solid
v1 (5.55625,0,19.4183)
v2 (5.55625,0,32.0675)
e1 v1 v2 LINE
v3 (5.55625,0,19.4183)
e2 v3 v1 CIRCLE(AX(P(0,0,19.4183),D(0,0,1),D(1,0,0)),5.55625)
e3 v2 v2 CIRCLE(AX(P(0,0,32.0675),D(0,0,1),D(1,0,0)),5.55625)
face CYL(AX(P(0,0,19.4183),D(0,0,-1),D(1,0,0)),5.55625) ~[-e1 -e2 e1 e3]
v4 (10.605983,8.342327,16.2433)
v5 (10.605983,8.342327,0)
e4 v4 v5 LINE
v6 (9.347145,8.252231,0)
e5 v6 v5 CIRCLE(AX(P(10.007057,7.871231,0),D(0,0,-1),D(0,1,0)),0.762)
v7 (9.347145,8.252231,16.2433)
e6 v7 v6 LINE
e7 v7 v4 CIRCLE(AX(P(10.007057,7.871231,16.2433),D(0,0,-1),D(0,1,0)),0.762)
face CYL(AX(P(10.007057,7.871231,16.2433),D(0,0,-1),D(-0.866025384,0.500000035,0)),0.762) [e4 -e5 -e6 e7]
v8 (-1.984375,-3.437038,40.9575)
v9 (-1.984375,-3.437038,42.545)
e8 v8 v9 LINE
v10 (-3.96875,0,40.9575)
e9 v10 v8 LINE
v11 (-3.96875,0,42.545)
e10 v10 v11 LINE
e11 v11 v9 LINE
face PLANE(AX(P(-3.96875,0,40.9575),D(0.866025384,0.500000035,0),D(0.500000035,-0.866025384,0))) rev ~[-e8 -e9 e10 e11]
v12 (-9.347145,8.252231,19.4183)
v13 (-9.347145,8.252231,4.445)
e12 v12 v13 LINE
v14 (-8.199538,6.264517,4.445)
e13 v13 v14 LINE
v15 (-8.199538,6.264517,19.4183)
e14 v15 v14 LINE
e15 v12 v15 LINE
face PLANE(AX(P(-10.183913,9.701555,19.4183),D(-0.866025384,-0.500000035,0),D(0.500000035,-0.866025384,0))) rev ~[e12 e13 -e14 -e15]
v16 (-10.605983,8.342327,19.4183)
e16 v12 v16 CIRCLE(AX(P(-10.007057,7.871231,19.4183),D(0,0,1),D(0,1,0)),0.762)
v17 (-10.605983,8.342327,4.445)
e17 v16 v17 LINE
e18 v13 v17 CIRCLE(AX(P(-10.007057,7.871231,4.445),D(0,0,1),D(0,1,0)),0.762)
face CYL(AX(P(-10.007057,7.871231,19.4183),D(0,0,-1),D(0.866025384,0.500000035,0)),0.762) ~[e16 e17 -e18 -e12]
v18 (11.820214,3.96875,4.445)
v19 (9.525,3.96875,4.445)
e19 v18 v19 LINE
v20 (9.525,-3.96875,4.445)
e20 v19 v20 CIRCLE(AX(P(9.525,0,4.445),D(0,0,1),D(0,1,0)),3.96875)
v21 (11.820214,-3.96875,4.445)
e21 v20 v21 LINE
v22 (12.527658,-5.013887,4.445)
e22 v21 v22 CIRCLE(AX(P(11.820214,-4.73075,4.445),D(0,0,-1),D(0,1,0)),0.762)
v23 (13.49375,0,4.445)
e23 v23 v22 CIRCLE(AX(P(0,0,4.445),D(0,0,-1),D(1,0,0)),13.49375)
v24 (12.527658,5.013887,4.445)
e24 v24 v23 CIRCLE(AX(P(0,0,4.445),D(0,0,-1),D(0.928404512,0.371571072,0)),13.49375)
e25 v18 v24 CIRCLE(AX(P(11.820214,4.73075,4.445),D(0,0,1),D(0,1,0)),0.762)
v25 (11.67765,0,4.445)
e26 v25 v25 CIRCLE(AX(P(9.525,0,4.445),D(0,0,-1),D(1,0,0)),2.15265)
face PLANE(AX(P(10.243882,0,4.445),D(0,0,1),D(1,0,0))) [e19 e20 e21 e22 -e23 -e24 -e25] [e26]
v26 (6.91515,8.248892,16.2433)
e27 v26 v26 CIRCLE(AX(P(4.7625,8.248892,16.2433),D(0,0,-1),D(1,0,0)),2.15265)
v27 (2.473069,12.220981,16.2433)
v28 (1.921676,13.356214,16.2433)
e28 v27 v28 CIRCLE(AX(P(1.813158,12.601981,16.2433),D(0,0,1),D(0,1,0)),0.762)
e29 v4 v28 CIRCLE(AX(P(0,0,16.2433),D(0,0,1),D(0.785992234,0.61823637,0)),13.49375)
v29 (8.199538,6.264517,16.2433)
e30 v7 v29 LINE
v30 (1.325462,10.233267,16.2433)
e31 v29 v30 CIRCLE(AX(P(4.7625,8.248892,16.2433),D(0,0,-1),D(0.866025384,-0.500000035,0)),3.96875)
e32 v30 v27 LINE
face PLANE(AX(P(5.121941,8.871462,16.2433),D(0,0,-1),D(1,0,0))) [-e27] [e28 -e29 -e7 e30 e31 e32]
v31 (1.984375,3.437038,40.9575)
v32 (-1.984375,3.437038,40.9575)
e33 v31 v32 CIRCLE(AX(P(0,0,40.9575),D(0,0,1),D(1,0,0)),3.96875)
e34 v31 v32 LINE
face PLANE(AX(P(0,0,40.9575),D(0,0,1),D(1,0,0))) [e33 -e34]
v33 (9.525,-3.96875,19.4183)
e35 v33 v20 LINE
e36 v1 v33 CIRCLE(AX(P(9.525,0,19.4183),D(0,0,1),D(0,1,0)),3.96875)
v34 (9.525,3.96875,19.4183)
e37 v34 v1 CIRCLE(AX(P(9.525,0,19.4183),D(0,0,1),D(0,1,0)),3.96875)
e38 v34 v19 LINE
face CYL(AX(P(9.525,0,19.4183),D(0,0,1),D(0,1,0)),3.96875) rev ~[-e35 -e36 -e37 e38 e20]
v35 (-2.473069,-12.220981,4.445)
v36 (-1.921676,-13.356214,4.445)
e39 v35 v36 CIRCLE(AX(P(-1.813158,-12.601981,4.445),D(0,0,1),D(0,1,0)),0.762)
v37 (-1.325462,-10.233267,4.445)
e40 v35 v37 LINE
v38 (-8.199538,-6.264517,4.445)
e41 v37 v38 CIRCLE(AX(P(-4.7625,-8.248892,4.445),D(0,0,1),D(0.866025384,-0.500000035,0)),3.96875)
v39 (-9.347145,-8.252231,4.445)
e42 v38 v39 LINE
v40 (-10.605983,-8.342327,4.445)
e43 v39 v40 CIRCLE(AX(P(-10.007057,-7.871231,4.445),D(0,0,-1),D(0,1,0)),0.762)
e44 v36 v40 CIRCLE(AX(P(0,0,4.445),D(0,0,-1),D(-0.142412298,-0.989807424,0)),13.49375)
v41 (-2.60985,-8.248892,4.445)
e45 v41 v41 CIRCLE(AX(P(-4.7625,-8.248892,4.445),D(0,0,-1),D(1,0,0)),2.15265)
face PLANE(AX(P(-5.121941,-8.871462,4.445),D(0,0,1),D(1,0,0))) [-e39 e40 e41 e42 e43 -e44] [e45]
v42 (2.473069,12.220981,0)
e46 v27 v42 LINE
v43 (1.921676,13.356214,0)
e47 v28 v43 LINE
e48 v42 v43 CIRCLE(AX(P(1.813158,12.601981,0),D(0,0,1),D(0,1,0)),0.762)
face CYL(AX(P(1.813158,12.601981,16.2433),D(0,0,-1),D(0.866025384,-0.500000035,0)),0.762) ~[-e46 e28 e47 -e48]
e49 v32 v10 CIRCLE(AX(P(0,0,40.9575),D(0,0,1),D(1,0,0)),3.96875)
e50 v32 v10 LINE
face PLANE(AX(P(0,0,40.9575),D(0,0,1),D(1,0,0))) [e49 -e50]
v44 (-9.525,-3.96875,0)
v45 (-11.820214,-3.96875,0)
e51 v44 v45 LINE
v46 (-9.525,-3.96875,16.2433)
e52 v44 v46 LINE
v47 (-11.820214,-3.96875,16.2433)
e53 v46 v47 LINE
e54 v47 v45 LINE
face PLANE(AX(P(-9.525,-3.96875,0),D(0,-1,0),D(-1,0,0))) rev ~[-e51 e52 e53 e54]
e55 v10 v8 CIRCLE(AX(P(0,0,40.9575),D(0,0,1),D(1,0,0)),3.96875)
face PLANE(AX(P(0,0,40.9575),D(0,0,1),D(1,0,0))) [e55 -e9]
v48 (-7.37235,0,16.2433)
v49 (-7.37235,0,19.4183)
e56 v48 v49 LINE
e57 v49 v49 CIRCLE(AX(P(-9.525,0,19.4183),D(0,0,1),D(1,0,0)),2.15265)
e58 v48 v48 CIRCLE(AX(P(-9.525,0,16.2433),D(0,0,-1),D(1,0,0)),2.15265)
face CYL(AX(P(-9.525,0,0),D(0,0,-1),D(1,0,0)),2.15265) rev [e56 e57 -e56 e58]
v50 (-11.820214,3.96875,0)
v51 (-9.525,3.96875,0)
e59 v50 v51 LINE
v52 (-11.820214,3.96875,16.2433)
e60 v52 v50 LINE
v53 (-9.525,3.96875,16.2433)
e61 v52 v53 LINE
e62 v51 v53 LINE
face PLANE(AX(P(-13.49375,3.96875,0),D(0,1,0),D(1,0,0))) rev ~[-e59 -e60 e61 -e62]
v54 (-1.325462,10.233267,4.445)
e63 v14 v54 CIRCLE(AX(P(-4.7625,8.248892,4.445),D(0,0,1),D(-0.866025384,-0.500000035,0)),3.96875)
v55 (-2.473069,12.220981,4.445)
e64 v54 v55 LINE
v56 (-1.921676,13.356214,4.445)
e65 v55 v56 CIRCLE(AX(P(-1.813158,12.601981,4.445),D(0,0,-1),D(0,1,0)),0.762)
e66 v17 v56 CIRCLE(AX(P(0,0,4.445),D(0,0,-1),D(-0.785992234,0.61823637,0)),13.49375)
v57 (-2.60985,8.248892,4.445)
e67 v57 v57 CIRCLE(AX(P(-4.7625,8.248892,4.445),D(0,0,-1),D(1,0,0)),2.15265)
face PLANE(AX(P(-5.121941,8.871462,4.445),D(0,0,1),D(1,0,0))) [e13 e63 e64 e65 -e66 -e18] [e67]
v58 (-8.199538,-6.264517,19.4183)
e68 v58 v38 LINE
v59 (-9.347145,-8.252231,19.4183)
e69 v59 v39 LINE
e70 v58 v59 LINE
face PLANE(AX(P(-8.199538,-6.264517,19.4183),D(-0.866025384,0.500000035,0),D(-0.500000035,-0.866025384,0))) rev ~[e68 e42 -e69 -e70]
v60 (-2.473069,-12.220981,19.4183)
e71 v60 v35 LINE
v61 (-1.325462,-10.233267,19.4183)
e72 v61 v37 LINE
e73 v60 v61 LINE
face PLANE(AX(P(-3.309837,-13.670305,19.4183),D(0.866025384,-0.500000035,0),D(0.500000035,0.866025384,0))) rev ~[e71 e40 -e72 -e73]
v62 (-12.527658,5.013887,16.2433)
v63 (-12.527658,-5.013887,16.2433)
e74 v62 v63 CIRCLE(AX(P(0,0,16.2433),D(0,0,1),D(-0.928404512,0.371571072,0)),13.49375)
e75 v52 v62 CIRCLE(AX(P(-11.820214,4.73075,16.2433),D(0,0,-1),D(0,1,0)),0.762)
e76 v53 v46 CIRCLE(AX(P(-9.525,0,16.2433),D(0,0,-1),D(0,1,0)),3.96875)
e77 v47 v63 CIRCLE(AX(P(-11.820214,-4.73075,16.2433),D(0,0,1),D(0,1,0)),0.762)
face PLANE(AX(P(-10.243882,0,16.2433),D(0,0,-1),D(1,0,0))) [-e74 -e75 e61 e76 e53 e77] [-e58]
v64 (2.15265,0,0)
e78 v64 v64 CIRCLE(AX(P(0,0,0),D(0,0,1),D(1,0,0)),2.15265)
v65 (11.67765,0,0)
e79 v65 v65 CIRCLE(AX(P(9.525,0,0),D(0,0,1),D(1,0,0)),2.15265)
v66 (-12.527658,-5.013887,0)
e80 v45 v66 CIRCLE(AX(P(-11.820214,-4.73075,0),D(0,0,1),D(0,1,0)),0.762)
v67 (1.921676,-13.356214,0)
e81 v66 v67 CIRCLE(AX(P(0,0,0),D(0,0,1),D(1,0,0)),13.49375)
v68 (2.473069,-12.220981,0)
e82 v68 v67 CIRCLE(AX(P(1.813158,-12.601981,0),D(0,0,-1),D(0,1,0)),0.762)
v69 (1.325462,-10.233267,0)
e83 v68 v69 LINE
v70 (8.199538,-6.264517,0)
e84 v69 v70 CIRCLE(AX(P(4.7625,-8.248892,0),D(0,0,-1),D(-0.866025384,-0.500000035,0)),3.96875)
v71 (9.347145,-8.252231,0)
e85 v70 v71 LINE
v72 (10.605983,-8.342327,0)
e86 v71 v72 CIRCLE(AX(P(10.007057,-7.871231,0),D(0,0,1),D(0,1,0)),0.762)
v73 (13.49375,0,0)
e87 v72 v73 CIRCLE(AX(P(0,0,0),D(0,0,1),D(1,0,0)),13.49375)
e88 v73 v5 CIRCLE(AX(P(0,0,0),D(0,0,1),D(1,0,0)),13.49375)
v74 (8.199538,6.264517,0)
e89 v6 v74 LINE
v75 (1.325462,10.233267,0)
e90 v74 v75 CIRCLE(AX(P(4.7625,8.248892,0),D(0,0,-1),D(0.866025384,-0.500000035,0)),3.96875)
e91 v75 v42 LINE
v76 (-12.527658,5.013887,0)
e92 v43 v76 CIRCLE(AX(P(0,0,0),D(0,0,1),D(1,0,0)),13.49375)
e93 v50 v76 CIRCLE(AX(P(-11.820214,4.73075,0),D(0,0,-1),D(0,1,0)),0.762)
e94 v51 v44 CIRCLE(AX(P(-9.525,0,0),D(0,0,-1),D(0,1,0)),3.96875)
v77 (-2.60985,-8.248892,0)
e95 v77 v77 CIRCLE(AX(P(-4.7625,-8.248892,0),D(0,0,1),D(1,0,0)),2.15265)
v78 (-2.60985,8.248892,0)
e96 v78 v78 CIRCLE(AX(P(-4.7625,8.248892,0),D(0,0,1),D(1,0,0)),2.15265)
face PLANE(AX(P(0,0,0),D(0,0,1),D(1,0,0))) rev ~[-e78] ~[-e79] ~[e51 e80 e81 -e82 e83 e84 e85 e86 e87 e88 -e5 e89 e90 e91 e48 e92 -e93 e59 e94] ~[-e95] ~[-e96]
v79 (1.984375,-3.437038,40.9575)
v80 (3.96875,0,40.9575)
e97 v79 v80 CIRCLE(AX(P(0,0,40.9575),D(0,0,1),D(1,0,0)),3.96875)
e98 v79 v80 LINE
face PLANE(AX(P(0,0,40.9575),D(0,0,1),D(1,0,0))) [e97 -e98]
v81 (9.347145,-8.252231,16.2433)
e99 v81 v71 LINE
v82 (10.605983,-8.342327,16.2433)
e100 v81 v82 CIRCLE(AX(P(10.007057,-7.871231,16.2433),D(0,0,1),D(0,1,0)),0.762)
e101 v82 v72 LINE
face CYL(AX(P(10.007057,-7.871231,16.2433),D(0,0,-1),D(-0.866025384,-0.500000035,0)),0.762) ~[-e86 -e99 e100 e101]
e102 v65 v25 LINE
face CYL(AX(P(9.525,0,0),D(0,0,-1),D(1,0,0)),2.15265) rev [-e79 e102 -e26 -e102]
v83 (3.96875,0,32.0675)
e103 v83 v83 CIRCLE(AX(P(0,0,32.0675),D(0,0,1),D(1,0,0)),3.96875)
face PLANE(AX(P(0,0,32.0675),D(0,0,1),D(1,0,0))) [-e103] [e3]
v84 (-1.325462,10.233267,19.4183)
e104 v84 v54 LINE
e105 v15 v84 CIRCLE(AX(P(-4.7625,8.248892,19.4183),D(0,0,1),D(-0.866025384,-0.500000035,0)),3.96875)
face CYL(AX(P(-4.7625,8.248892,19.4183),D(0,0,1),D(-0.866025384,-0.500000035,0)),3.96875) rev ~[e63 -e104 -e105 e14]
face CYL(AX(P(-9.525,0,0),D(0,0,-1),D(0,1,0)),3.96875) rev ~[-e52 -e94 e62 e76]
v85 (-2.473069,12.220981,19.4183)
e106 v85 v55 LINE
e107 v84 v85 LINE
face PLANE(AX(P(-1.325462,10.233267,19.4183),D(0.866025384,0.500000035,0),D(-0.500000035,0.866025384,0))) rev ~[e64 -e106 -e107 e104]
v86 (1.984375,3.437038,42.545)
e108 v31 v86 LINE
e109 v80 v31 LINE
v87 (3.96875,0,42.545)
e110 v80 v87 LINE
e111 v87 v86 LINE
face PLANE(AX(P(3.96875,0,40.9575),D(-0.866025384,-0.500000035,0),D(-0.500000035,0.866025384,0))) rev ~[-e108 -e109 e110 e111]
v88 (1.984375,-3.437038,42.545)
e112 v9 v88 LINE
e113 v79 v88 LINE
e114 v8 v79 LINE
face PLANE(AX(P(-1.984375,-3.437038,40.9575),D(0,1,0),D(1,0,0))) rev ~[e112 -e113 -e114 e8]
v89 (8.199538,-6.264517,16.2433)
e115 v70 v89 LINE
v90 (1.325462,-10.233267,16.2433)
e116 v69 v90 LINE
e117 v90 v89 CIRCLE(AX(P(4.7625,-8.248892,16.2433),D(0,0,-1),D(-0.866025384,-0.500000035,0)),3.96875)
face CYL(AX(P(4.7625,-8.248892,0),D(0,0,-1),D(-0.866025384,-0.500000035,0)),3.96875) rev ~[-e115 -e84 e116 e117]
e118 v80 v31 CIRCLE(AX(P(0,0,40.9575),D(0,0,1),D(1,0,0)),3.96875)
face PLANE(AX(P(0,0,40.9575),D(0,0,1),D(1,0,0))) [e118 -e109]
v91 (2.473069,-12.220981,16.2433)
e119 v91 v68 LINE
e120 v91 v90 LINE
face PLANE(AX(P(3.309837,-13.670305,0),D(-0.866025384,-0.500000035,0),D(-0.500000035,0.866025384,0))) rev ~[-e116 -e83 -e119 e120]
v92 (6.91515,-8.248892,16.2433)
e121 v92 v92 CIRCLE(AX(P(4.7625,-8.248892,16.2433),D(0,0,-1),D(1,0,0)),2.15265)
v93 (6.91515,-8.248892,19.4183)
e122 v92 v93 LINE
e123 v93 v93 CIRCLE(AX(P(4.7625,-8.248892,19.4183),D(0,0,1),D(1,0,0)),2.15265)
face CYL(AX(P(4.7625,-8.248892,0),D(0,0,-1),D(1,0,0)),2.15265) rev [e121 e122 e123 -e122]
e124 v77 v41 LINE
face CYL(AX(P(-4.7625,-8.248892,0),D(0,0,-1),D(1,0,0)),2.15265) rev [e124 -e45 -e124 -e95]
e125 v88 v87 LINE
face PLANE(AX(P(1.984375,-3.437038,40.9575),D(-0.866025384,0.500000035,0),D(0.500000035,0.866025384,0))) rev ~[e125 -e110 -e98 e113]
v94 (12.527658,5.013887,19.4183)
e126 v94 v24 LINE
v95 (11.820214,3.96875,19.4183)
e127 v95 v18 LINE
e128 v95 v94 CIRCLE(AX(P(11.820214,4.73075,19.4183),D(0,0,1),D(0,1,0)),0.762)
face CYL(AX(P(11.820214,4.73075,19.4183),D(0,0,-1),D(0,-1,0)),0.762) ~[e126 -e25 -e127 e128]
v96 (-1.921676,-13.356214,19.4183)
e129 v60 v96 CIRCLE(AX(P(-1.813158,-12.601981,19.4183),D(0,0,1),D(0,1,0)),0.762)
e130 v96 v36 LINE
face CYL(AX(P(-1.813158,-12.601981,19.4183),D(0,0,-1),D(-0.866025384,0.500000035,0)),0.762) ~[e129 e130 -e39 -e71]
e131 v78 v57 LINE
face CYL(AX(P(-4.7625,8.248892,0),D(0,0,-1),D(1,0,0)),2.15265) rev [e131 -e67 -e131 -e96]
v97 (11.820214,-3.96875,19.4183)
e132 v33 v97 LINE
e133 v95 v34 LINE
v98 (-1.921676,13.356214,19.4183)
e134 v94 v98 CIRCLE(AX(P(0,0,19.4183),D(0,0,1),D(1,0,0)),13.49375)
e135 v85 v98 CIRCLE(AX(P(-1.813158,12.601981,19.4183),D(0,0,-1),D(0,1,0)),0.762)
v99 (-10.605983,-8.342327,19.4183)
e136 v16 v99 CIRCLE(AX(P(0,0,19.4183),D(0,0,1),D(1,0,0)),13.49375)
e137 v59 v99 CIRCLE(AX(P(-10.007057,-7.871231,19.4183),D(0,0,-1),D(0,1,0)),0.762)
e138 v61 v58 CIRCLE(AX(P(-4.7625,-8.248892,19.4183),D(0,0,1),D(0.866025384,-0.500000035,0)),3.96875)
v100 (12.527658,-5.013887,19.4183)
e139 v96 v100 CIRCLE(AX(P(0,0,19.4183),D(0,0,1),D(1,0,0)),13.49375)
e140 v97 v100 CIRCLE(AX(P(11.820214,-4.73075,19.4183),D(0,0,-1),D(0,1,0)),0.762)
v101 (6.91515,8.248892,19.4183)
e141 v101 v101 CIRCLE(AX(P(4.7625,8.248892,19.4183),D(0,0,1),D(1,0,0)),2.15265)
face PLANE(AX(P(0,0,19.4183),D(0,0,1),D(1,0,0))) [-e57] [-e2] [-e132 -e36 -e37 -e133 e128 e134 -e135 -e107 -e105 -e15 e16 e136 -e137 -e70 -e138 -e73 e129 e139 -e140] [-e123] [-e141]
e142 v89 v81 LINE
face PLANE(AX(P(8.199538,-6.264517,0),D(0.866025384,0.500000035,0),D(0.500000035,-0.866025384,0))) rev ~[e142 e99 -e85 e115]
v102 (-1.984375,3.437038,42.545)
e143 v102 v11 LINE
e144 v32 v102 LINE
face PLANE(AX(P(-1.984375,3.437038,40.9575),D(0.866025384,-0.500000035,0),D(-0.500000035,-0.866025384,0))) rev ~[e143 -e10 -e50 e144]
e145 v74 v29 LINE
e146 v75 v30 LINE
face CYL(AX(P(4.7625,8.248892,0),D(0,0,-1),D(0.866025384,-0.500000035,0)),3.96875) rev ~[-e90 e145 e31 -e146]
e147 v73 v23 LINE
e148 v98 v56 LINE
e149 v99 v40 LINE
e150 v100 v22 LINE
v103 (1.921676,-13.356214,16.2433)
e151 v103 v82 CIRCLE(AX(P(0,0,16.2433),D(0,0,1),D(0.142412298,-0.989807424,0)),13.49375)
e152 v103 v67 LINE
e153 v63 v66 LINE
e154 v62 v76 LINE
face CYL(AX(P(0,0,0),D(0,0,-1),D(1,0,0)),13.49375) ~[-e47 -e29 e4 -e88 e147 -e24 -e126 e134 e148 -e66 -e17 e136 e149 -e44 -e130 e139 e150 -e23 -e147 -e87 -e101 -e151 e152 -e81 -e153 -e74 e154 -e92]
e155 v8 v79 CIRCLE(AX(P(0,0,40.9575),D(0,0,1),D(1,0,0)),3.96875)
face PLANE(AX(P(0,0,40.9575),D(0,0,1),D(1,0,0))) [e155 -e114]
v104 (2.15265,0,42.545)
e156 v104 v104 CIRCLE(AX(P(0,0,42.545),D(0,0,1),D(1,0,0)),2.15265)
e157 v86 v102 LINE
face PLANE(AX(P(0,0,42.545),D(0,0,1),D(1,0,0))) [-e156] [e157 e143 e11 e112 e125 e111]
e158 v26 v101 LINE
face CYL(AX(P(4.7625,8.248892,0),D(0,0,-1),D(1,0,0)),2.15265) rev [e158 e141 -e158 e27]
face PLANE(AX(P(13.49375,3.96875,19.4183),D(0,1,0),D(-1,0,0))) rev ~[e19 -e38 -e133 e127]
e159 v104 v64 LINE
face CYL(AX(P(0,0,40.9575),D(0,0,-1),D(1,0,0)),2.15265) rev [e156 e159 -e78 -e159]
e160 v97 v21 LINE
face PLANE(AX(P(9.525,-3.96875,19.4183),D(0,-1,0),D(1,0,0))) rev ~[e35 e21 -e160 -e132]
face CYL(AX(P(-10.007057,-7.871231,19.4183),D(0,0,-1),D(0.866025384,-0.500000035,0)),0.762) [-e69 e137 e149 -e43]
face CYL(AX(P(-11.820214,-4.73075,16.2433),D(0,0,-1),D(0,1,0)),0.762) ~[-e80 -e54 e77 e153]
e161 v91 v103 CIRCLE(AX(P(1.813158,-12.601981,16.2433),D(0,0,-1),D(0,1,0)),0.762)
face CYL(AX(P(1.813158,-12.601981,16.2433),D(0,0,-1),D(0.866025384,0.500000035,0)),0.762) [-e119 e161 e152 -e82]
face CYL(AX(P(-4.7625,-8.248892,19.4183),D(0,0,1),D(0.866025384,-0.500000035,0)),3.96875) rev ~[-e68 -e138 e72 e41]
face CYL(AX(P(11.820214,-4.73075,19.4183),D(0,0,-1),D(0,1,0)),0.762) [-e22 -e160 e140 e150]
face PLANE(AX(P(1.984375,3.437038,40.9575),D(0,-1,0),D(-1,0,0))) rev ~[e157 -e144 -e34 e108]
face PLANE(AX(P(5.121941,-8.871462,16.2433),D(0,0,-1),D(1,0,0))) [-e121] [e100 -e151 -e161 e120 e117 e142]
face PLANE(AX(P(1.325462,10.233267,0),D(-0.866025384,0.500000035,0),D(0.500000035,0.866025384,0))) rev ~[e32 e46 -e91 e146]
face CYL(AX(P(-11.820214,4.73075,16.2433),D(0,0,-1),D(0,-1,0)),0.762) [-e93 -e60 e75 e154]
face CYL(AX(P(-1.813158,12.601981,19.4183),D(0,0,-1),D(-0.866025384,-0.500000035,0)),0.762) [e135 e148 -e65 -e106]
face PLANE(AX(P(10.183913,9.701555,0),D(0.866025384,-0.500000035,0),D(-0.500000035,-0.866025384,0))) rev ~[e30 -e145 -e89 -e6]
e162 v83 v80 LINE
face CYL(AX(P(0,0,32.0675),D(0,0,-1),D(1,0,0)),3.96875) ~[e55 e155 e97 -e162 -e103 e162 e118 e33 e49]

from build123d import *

# Parameters (mm, degrees)
F0_R      = 13.49375
F0_R_2    = 2.15265
F1_DEPTH  = 19.4183
F5_DEPTH  = 14.9733
F7_DEPTH  = 16.2433
F8_R      = 5.55625
F8_R_2    = 2.15265
F9_DEPTH  = 12.6492
F10_R     = 3.96875
F10_R_2   = 2.15265
F11_DEPTH = 8.89
F12_R     = 2.15265
F13_DEPTH = 1.5875
F14_R     = 0.762


with BuildPart() as f1:
    # F0 (on Top) → F1 (new body)
    with BuildSketch(Plane.XY):
        Circle(F0_R)
        with Locations((-4.7625, -8.248892)):
            Circle(F0_R_2, mode=Mode.SUBTRACT)
        with Locations((4.7625, -8.248892)):
            Circle(F0_R_2, mode=Mode.SUBTRACT)
        with Locations((-9.525, 0)):
            Circle(F0_R_2, mode=Mode.SUBTRACT)
        with Locations((-4.7625, 8.248892)):
            Circle(F0_R_2, mode=Mode.SUBTRACT)
        Circle(F0_R_2, mode=Mode.SUBTRACT)
        with Locations((9.525, 0)):
            Circle(F0_R_2, mode=Mode.SUBTRACT)
        with Locations((4.7625, 8.248892)):
            Circle(F0_R_2, mode=Mode.SUBTRACT)
    extrude(amount=F1_DEPTH)

    # F4 (on face) → F5 (cut, through all)
    with BuildSketch(Plane.XY.offset(19.4183)):
        with BuildLine():
            Line((-3.309837, 13.670305), (-10.183913, 9.701555))
            Line((-10.183913, 9.701555), (-8.199538, 6.264517))
            ThreePointArc((-8.199538, 6.264517), (-2.778125, 4.811854), (-1.325462, 10.233267))
            Line((-1.325462, 10.233267), (-3.309837, 13.670305))
        make_face()
        with BuildLine():
            Line((13.49375, 3.96875), (9.525, 3.96875))
            ThreePointArc((9.525, 3.96875), (5.55625, 0), (9.525, -3.96875))
            Line((9.525, -3.96875), (13.49375, -3.96875))
            Line((13.49375, -3.96875), (13.49375, 3.96875))
        make_face()
        with BuildLine():
            Line((-8.199538, -6.264517), (-10.183913, -9.701555))
            Line((-10.183913, -9.701555), (-3.309837, -13.670305))
            Line((-3.309837, -13.670305), (-1.325462, -10.233267))
            ThreePointArc((-1.325462, -10.233267), (-2.778125, -4.811854), (-8.199538, -6.264517))
        make_face()
    extrude(amount=-F5_DEPTH, mode=Mode.SUBTRACT)

    # F6 (on face) → F7 (cut, through all)
    with BuildSketch(Plane(origin=(0, 0, 0), x_dir=(1, 0, 0), z_dir=(0, 0, -1))):
        with BuildLine():
            Line((1.325462, -10.233267), (3.309837, -13.670305))
            Line((3.309837, -13.670305), (10.183913, -9.701555))
            Line((10.183913, -9.701555), (8.199538, -6.264517))
            ThreePointArc((8.199538, -6.264517), (2.778125, -4.811854), (1.325462, -10.233267))
        make_face()
        with BuildLine():
            Line((10.183913, 9.701555), (3.309837, 13.670305))
            Line((3.309837, 13.670305), (1.325462, 10.233267))
            ThreePointArc((1.325462, 10.233267), (2.778125, 4.811854), (8.199538, 6.264517))
            Line((8.199538, 6.264517), (10.183913, 9.701555))
        make_face()
        with BuildLine():
            Line((-9.525, 3.96875), (-13.49375, 3.96875))
            Line((-13.49375, 3.96875), (-13.49375, -3.96875))
            Line((-13.49375, -3.96875), (-9.525, -3.96875))
            ThreePointArc((-9.525, -3.96875), (-5.55625, 0), (-9.525, 3.96875))
        make_face()
    extrude(amount=-F7_DEPTH, mode=Mode.SUBTRACT)

    # F8 (on face) → F9 (join)
    with BuildSketch(Plane.XY.offset(19.4183)):
        Circle(F8_R)
        Circle(F8_R_2, mode=Mode.SUBTRACT)
    extrude(amount=F9_DEPTH)

    # F10 (on face) → F11 (join)
    with BuildSketch(Plane.XY.offset(32.0675)):
        Circle(F10_R)
        Circle(F10_R_2, mode=Mode.SUBTRACT)
    extrude(amount=F11_DEPTH)

    # F12 (on face) → F13 (join)
    with BuildSketch(Plane.XY.offset(40.9575)):
        Polygon((1.984375, 3.437038), (-1.984375, 3.437038), (-3.96875, 0), (-1.984375, -3.437038), (1.984375, -3.437038), (3.96875, 0), align=None)
        Circle(F12_R, mode=Mode.SUBTRACT)
    extrude(amount=F13_DEPTH)

    # F14
    f14_edges = [f1.edges().sort_by_distance(p)[0] for p in [
        (-9.885494, -9.184678, 11.93165),
        (3.011417, -13.153428, 8.12165),
        (9.885494, -9.184678, 8.12165),
        (12.896911, 3.96875, 11.93165),
        (12.896911, -3.96875, 11.93165),
        (-3.011417, -13.153428, 11.93165),
        (9.885494, 9.184678, 8.12165),
        (3.011417, 13.153428, 8.12165),
        (-3.011417, 13.153428, 11.93165),
        (-9.885494, 9.184678, 11.93165),
        (-12.896911, 3.96875, 8.12165),
        (-12.896911, -3.96875, 8.12165),
    ]]
    fillet(f14_edges, radius=F14_R)


solid = f1.part
